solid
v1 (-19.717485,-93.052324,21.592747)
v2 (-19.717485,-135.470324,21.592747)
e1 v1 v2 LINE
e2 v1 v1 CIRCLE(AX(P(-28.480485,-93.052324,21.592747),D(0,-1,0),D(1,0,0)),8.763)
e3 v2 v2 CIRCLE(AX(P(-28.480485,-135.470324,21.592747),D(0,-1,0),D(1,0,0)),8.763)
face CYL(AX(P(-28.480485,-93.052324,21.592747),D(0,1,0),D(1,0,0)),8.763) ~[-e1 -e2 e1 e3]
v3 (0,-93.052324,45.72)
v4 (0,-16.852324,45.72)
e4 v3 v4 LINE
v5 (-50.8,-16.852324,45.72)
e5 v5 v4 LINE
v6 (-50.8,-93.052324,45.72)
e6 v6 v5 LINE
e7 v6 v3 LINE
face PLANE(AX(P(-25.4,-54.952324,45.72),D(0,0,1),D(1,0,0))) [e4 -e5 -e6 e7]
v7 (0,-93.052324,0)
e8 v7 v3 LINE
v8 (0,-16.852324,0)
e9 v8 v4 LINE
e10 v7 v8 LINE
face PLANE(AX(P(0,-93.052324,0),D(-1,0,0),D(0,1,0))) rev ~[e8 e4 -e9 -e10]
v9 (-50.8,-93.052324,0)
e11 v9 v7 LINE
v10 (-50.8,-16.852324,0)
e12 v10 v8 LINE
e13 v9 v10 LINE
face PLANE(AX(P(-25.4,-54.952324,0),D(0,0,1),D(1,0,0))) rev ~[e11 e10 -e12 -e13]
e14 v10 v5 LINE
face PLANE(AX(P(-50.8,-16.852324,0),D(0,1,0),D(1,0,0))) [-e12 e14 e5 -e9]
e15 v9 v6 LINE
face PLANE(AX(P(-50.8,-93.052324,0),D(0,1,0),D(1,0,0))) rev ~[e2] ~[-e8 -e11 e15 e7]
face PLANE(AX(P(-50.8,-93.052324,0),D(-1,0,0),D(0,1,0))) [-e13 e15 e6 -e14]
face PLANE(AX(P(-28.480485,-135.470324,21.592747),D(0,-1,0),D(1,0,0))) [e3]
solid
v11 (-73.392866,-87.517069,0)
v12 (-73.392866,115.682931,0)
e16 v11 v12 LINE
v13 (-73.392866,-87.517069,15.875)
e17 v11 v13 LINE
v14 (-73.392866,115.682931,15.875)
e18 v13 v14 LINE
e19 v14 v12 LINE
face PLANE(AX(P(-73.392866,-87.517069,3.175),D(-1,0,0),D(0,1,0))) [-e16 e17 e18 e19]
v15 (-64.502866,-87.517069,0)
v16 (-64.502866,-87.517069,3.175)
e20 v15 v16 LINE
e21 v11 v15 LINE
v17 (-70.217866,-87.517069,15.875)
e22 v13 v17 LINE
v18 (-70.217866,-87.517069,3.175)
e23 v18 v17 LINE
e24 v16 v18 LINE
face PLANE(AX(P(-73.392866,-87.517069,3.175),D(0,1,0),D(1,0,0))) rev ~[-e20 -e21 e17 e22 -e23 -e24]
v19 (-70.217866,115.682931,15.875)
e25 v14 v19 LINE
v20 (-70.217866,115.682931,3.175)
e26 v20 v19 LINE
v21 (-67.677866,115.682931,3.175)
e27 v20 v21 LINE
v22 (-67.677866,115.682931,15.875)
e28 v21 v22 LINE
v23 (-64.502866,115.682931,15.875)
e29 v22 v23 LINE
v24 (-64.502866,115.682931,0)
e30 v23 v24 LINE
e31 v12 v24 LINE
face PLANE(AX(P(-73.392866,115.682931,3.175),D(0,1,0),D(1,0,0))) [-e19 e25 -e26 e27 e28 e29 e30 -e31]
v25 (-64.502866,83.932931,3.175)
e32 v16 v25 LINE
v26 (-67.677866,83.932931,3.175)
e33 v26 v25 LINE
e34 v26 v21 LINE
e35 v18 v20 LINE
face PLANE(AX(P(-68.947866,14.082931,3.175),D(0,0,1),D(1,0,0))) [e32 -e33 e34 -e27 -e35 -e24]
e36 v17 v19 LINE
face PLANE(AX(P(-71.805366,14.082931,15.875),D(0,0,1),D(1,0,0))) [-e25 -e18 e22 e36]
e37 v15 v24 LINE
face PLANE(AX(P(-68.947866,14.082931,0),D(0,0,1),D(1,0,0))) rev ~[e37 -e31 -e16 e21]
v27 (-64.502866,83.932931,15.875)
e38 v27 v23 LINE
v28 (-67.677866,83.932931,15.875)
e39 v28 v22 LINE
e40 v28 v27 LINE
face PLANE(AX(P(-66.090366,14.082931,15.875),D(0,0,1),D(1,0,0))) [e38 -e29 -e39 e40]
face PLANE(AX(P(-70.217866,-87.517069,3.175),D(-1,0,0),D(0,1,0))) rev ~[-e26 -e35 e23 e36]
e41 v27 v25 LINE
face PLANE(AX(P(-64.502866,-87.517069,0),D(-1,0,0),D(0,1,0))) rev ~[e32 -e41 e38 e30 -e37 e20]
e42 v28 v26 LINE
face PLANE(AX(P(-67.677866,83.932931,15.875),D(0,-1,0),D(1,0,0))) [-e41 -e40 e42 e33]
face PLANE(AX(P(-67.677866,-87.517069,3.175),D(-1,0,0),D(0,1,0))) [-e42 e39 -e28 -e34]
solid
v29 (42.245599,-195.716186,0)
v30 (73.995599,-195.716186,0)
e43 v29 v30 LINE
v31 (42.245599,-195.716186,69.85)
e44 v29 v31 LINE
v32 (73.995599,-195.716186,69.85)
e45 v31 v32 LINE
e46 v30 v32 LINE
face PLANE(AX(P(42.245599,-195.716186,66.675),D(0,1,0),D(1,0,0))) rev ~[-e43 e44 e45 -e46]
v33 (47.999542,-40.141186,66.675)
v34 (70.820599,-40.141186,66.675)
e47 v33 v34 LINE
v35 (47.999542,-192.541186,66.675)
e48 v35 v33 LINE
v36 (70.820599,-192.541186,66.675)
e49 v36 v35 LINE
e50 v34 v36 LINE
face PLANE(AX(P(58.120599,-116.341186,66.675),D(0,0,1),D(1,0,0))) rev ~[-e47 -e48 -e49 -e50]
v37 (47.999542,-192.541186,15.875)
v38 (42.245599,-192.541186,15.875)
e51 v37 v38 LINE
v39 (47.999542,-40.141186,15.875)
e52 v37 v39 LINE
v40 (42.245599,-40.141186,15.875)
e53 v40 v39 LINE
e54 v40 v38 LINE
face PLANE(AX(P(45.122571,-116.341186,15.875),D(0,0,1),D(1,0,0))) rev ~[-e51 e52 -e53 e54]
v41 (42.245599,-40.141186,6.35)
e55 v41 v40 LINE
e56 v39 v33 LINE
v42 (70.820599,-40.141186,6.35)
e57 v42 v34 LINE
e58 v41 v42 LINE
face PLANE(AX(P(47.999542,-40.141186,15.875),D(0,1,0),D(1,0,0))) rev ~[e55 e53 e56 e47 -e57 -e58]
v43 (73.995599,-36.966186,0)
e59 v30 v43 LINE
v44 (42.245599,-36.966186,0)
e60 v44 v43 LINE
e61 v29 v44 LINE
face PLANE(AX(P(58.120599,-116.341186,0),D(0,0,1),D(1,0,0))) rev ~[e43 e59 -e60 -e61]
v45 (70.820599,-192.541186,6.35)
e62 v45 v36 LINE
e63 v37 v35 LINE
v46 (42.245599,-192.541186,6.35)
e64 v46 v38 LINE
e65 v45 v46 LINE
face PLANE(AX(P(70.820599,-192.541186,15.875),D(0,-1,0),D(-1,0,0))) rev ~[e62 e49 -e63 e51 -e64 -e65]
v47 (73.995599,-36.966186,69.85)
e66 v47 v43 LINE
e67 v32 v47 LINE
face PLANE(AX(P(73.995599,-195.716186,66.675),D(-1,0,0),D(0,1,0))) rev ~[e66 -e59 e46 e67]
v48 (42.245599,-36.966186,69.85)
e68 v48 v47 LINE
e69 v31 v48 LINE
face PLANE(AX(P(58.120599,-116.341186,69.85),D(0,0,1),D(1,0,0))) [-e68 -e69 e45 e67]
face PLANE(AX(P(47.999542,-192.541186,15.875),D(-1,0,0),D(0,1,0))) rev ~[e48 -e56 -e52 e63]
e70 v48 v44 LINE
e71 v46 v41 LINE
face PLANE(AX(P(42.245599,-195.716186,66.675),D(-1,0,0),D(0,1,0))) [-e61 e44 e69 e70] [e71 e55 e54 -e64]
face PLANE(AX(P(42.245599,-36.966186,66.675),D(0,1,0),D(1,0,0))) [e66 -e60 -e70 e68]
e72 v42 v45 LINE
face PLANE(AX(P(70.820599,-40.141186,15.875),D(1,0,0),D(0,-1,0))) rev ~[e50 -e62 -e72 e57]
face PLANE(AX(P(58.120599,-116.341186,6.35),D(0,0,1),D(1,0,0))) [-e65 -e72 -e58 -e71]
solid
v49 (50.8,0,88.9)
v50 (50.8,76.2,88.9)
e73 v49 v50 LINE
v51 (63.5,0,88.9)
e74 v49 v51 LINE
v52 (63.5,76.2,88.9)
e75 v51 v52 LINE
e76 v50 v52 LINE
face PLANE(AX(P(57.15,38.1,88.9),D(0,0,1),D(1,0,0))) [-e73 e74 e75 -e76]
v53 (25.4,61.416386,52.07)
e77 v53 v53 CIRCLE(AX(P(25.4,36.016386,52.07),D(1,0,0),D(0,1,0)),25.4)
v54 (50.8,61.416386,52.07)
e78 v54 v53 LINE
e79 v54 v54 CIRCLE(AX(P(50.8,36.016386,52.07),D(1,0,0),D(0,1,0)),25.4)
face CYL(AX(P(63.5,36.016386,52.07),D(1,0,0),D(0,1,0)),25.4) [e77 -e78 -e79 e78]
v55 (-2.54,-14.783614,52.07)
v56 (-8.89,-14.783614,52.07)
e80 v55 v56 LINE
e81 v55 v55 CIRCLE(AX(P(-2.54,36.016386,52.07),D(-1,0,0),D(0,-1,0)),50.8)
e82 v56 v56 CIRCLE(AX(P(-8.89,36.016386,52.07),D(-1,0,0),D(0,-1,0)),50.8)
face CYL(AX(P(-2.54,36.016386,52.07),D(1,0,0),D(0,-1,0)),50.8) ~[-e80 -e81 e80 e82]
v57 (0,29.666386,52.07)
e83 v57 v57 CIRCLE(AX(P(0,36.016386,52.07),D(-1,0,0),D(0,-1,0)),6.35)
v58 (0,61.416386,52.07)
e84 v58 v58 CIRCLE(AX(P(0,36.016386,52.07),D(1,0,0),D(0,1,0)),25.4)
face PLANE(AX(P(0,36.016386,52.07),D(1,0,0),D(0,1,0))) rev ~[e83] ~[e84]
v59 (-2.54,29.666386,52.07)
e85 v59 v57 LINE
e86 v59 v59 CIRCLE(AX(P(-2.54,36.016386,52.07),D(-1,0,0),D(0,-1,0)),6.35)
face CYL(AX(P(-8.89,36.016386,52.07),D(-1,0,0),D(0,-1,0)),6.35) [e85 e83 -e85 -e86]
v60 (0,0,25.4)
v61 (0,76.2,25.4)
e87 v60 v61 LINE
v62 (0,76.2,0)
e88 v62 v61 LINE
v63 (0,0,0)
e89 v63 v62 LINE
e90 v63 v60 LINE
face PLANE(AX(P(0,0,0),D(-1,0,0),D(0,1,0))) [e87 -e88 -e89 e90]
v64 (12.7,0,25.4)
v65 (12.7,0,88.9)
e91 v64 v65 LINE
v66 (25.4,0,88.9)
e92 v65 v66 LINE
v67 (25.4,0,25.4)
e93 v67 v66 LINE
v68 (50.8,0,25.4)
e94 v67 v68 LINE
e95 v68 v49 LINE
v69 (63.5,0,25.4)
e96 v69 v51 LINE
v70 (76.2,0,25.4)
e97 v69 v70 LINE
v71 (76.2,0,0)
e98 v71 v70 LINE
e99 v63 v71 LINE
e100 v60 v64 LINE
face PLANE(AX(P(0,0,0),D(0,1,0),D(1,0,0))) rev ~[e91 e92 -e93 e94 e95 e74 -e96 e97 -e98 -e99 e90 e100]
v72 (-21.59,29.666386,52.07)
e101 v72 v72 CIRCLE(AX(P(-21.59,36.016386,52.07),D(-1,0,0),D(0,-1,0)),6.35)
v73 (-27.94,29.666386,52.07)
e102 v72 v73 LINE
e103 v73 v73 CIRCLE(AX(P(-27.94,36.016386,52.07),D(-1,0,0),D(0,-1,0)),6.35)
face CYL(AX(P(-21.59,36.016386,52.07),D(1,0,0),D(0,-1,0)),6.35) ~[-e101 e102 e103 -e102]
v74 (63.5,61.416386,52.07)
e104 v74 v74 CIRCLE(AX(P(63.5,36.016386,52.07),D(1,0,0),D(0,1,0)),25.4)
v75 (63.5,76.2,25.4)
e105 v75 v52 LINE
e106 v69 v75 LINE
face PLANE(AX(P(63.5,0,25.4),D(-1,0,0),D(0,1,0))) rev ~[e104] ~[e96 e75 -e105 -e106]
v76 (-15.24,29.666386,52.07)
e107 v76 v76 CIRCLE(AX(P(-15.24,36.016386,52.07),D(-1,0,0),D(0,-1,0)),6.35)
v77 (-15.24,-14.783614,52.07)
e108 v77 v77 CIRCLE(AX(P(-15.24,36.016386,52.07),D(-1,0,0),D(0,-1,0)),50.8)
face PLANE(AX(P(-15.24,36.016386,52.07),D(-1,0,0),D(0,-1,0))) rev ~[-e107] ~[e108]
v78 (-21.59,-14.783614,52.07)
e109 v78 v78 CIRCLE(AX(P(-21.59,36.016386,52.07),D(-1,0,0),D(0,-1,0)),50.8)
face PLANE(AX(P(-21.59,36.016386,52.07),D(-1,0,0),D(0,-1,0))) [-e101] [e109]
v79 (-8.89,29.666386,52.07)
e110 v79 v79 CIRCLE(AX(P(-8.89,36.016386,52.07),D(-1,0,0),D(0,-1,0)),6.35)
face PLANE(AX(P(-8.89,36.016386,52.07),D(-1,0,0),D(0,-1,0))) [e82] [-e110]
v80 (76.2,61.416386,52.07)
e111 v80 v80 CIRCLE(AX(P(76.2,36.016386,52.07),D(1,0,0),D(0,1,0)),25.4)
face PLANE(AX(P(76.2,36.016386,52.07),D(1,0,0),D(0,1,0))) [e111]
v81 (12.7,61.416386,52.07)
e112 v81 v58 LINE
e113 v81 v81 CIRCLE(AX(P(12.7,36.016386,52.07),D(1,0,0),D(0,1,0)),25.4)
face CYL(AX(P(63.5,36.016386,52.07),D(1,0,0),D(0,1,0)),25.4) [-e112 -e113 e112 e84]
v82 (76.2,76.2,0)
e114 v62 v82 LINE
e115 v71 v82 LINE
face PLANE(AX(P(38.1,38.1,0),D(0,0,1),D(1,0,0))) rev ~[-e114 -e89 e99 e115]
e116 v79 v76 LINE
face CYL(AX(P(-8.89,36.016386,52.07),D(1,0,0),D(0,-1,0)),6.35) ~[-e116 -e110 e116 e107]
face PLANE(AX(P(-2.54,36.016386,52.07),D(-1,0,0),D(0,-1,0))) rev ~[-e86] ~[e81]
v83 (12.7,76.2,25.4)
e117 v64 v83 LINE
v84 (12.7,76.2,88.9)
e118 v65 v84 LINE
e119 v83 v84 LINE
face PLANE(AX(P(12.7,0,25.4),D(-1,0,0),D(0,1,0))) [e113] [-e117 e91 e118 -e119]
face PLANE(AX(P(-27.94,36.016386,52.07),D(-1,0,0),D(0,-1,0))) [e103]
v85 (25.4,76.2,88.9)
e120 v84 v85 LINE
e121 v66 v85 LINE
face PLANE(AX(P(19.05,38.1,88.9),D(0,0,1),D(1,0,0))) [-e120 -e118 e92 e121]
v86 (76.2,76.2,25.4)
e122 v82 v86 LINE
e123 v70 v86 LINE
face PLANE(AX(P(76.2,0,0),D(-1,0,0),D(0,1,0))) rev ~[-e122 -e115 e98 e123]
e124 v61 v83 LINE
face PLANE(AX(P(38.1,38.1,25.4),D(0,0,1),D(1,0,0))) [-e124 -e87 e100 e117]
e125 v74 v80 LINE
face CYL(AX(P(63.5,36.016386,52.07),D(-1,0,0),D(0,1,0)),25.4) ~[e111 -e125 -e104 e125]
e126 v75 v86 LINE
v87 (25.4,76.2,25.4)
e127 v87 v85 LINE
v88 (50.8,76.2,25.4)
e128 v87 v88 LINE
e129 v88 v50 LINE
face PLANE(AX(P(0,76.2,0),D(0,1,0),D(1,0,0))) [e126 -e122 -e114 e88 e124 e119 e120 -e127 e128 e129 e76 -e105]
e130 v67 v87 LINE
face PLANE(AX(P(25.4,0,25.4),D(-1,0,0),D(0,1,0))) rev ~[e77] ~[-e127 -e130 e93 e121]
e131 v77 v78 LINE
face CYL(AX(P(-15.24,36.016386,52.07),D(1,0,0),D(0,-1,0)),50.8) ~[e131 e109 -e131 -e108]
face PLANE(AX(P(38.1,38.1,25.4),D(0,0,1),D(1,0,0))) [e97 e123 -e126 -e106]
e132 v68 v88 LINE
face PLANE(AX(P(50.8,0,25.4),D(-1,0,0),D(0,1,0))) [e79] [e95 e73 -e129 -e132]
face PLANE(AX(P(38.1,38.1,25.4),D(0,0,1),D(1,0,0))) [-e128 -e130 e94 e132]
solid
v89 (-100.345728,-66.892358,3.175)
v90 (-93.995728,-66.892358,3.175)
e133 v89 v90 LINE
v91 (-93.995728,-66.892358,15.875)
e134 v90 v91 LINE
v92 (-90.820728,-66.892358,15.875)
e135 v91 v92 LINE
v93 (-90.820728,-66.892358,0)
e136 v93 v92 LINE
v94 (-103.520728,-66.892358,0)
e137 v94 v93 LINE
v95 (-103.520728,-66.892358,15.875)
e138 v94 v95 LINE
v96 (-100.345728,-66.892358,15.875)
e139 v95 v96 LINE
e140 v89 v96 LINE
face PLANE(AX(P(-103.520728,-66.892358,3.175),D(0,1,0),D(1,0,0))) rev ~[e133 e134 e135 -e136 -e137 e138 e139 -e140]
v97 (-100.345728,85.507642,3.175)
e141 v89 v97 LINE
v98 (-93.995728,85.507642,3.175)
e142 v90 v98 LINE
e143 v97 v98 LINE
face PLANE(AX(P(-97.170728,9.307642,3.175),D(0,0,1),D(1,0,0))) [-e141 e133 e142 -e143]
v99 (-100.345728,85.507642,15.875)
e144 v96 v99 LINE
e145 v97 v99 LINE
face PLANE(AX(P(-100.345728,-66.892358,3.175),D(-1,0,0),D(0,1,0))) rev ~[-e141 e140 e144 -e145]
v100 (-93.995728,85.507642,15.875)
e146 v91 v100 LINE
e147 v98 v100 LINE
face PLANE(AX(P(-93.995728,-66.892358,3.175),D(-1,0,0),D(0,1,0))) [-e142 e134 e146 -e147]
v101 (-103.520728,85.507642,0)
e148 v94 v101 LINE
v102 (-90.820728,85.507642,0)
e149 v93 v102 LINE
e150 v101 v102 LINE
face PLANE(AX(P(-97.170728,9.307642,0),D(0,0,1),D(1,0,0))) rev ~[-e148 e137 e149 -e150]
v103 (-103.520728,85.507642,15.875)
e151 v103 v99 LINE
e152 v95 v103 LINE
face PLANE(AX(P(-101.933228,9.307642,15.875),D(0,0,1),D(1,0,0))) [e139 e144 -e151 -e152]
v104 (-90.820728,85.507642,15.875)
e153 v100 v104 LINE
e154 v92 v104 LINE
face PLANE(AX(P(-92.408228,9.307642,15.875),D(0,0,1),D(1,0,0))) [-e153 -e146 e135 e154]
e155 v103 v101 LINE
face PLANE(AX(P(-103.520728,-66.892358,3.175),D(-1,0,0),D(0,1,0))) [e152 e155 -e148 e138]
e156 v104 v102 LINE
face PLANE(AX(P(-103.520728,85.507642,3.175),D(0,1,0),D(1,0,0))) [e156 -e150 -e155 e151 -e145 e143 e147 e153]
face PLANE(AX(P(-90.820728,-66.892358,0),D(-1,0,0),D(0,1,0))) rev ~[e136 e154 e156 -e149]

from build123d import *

# Parameters (mm, degrees)
F0_W           = 76.2
F0_H           = 76.2
F1_DEPTH       = 25.4
F2_W           = 12.7
F2_H           = 76.2
F3_DEPTH       = 63.5
F4_R           = 25.4
F5_DEPTH       = 12.7
F5_DEPTH_BACK  = 63.5
F6_R           = 3.175
F7_DEPTH       = 2.54
F8_R           = 50.8
F8_R_2         = 3.175
F9_DEPTH       = 6.35
F10_R          = 6.35
F11_DEPTH      = 6.35
F11_DEPTH_BACK = 25.4
F12_R          = 50.8
F12_R_2        = 6.35
F13_DEPTH      = 6.35
F14_R          = 6.35
F15_DEPTH      = 6.35
F15_DEPTH_BACK = 25.4
F16_W          = 8.89
F16_H          = 203.2
F17_DEPTH      = 3.175
F18_W          = 3.175
F18_H          = 203.2
F19_DEPTH      = 12.7
F20_W          = 50.8
F20_H          = 76.2
F21_DEPTH      = 45.72
F22_R          = 8.763
F23_DEPTH      = 42.418
F24_W          = 31.75
F24_H          = 158.75
F25_DEPTH      = 6.35
F27_DEPTH      = 9.525
F28_W          = 5.75394319
F28_H          = 152.4
F29_DEPTH      = 50.8
F30_W          = 31.75
F30_H          = 158.75
F30_W_2        = 22.82105681
F30_H_2        = 152.4
F31_DEPTH      = 3.175
F32_W          = 3.175
F32_H          = 171.45
F33_DEPTH      = 12.7
F34_W          = 12.7
F34_H          = 152.4
F35_DEPTH      = 3.175
F36_W          = 3.175
F36_H          = 152.4
F37_DEPTH      = 12.7


with BuildPart() as f1:
    # F0 (on Top) → F1 (new body)
    with BuildSketch(Plane.XY):
        with Locations((38.1, 38.1)):
            Rectangle(F0_W, F0_H)
    extrude(amount=F1_DEPTH)

    # F2 (on face) → F3 (join)
    with BuildSketch(Plane.XY.offset(25.4)):
        with Locations((57.15, 38.1)):
            Rectangle(F2_W, F2_H)
        with Locations((19.05, 38.1)):
            Rectangle(F2_W, F2_H)
    extrude(amount=F3_DEPTH)

    # F4 (on face) → F5 (join, two sides)
    with BuildSketch(Plane.YZ.offset(63.5)) as f5_sk:
        with Locations((36.0163860023, 52.07)):
            Circle(F4_R)
    extrude(amount=F5_DEPTH)
    extrude(f5_sk.sketch, amount=-F5_DEPTH_BACK)

    # F6 (on face) → F7 (join)
    with BuildSketch(Plane(origin=(0, 0, 0), x_dir=(0, -1, 0), z_dir=(-1, 0, 0))):
        with Locations((-36.0163860023, 52.07)):
            Circle(F6_R)
    extrude(amount=F7_DEPTH)

    # F8 (on face) → F9 (join)
    with BuildSketch(Plane(origin=(-2.54, 0, 0), x_dir=(0, -1, 0), z_dir=(-1, 0, 0))):
        with Locations((-36.0163860023, 52.07)):
            Circle(F8_R)
        with Locations((-36.0163860023, 52.07)):
            Circle(F8_R_2, mode=Mode.SUBTRACT)
        with Locations((-36.0163860023, 52.07)):
            Circle(F8_R_2)
    extrude(amount=F9_DEPTH)

    # F10 (on face) → F11 (join, two sides)
    with BuildSketch(Plane(origin=(-8.89, 0, 0), x_dir=(0, -1, 0), z_dir=(-1, 0, 0))) as f11_sk:
        with Locations((-36.0163860023, 52.07)):
            Circle(F10_R)
    extrude(amount=F11_DEPTH)
    extrude(f11_sk.sketch, amount=-F11_DEPTH_BACK)

    # F12 (on face) → F13 (join)
    with BuildSketch(Plane(origin=(-15.24, 0, 0), x_dir=(0, -1, 0), z_dir=(-1, 0, 0))):
        with Locations((-36.0163860023, 52.07)):
            Circle(F12_R)
        with Locations((-36.0163860023, 52.07)):
            Circle(F12_R_2, mode=Mode.SUBTRACT)
        with Locations((-36.0163860023, 52.07)):
            Circle(F12_R_2)
    extrude(amount=F13_DEPTH)

    # F14 (on face) → F15 (join, two sides)
    with BuildSketch(Plane(origin=(-21.59, 0, 0), x_dir=(0, -1, 0), z_dir=(-1, 0, 0))) as f15_sk:
        with Locations((-36.0163860023, 52.07)):
            Circle(F14_R)
    extrude(amount=F15_DEPTH)
    extrude(f15_sk.sketch, amount=-F15_DEPTH_BACK)


with BuildPart() as f17:
    # F16 (on Top) → F17 (new body)
    with BuildSketch(Plane.XY):
        with Locations((-68.9478659696, 14.0829309821)):
            Rectangle(F16_W, F16_H)
    extrude(amount=F17_DEPTH)

    # F18 (on face) → F19 (join)
    with BuildSketch(Plane.XY.offset(3.175)):
        with Locations((-71.8053659696, 14.0829309821)):
            Rectangle(F18_W, F18_H)
        with Locations((-66.0903659696, 14.0829309821)):
            Rectangle(F18_W, F18_H)
    extrude(amount=F19_DEPTH)

    # F32 (on face) → F33 (cut)
    with BuildSketch(Plane.XY.offset(15.875)):
        with Locations((-66.0903659696, -1.7920690179)):
            Rectangle(F32_W, F32_H)
    extrude(amount=-F33_DEPTH, mode=Mode.SUBTRACT)


with BuildPart() as f21:
    # F20 (on Top) → F21 (new body)
    with BuildSketch(Plane.XY):
        with Locations((-25.4, -54.9523236941)):
            Rectangle(F20_W, F20_H)
    extrude(amount=F21_DEPTH)

    # F22 (on face) → F23 (join)
    with BuildSketch(Plane.XZ.offset(93.0523236941)):
        with Locations((-28.4804850817, 21.5927474201)):
            Circle(F22_R)
    extrude(amount=F23_DEPTH)


with BuildPart() as f25:
    # F24 (on Top) → F25 (new body)
    with BuildSketch(Plane.XY):
        with Locations((58.1205990165, -116.3411861461)):
            Rectangle(F24_W, F24_H)
    extrude(amount=F25_DEPTH)

    # F26 (on face) → F27 (join)
    with BuildSketch(Plane.XY.offset(6.35)):
        Polygon((70.8205990165, -192.5411861461), (45.4205990165, -192.5411861461), (42.2455990165, -192.5411861461), (42.2455990165, -195.7161861461), (73.9955990165, -195.7161861461), (73.9955990165, -36.9661861461), (42.2455990165, -36.9661861461), (42.2455990165, -40.1411861461), (45.4205990165, -40.1411861461), (70.8205990165, -40.1411861461), align=None)
    extrude(amount=F27_DEPTH)

    # F28 (on face) → F29 (join)
    with BuildSketch(Plane.XY.offset(15.875)):
        with Locations((45.1225706115, -116.3411861461)):
            Rectangle(F28_W, F28_H)
        Polygon((42.2455990165, -192.5411861461), (42.2455990165, -195.7161861461), (73.9955990165, -195.7161861461), (73.9955990165, -36.9661861461), (42.2455990165, -36.9661861461), (42.2455990165, -40.1411861461), (47.9995422065, -40.1411861461), (70.8205990165, -40.1411861461), (70.8205990165, -192.5411861461), (47.9995422065, -192.5411861461), align=None)
    extrude(amount=F29_DEPTH)

    # F30 (on face) → F31 (join)
    with BuildSketch(Plane.XY.offset(66.675)):
        with Locations((58.1205990165, -116.3411861461)):
            Rectangle(F30_W, F30_H)
        with Locations((59.4100706115, -116.3411861461)):
            Rectangle(F30_W_2, F30_H_2, mode=Mode.SUBTRACT)
        with Locations((59.4100706115, -116.3411861461)):
            Rectangle(F30_W_2, F30_H_2)
    extrude(amount=F31_DEPTH)


with BuildPart() as f35:
    # F34 (on Top) → F35 (new body)
    with BuildSketch(Plane.XY):
        with Locations((-97.170727649, 9.307641536)):
            Rectangle(F34_W, F34_H)
    extrude(amount=F35_DEPTH)

    # F36 (on face) → F37 (join)
    with BuildSketch(Plane.XY.offset(3.175)):
        with Locations((-101.933227649, 9.307641536)):
            Rectangle(F36_W, F36_H)
        with Locations((-92.408227649, 9.307641536)):
            Rectangle(F36_W, F36_H)
    extrude(amount=F37_DEPTH)


solid = Compound([f1.part, f17.part, f21.part, f25.part, f35.part])
